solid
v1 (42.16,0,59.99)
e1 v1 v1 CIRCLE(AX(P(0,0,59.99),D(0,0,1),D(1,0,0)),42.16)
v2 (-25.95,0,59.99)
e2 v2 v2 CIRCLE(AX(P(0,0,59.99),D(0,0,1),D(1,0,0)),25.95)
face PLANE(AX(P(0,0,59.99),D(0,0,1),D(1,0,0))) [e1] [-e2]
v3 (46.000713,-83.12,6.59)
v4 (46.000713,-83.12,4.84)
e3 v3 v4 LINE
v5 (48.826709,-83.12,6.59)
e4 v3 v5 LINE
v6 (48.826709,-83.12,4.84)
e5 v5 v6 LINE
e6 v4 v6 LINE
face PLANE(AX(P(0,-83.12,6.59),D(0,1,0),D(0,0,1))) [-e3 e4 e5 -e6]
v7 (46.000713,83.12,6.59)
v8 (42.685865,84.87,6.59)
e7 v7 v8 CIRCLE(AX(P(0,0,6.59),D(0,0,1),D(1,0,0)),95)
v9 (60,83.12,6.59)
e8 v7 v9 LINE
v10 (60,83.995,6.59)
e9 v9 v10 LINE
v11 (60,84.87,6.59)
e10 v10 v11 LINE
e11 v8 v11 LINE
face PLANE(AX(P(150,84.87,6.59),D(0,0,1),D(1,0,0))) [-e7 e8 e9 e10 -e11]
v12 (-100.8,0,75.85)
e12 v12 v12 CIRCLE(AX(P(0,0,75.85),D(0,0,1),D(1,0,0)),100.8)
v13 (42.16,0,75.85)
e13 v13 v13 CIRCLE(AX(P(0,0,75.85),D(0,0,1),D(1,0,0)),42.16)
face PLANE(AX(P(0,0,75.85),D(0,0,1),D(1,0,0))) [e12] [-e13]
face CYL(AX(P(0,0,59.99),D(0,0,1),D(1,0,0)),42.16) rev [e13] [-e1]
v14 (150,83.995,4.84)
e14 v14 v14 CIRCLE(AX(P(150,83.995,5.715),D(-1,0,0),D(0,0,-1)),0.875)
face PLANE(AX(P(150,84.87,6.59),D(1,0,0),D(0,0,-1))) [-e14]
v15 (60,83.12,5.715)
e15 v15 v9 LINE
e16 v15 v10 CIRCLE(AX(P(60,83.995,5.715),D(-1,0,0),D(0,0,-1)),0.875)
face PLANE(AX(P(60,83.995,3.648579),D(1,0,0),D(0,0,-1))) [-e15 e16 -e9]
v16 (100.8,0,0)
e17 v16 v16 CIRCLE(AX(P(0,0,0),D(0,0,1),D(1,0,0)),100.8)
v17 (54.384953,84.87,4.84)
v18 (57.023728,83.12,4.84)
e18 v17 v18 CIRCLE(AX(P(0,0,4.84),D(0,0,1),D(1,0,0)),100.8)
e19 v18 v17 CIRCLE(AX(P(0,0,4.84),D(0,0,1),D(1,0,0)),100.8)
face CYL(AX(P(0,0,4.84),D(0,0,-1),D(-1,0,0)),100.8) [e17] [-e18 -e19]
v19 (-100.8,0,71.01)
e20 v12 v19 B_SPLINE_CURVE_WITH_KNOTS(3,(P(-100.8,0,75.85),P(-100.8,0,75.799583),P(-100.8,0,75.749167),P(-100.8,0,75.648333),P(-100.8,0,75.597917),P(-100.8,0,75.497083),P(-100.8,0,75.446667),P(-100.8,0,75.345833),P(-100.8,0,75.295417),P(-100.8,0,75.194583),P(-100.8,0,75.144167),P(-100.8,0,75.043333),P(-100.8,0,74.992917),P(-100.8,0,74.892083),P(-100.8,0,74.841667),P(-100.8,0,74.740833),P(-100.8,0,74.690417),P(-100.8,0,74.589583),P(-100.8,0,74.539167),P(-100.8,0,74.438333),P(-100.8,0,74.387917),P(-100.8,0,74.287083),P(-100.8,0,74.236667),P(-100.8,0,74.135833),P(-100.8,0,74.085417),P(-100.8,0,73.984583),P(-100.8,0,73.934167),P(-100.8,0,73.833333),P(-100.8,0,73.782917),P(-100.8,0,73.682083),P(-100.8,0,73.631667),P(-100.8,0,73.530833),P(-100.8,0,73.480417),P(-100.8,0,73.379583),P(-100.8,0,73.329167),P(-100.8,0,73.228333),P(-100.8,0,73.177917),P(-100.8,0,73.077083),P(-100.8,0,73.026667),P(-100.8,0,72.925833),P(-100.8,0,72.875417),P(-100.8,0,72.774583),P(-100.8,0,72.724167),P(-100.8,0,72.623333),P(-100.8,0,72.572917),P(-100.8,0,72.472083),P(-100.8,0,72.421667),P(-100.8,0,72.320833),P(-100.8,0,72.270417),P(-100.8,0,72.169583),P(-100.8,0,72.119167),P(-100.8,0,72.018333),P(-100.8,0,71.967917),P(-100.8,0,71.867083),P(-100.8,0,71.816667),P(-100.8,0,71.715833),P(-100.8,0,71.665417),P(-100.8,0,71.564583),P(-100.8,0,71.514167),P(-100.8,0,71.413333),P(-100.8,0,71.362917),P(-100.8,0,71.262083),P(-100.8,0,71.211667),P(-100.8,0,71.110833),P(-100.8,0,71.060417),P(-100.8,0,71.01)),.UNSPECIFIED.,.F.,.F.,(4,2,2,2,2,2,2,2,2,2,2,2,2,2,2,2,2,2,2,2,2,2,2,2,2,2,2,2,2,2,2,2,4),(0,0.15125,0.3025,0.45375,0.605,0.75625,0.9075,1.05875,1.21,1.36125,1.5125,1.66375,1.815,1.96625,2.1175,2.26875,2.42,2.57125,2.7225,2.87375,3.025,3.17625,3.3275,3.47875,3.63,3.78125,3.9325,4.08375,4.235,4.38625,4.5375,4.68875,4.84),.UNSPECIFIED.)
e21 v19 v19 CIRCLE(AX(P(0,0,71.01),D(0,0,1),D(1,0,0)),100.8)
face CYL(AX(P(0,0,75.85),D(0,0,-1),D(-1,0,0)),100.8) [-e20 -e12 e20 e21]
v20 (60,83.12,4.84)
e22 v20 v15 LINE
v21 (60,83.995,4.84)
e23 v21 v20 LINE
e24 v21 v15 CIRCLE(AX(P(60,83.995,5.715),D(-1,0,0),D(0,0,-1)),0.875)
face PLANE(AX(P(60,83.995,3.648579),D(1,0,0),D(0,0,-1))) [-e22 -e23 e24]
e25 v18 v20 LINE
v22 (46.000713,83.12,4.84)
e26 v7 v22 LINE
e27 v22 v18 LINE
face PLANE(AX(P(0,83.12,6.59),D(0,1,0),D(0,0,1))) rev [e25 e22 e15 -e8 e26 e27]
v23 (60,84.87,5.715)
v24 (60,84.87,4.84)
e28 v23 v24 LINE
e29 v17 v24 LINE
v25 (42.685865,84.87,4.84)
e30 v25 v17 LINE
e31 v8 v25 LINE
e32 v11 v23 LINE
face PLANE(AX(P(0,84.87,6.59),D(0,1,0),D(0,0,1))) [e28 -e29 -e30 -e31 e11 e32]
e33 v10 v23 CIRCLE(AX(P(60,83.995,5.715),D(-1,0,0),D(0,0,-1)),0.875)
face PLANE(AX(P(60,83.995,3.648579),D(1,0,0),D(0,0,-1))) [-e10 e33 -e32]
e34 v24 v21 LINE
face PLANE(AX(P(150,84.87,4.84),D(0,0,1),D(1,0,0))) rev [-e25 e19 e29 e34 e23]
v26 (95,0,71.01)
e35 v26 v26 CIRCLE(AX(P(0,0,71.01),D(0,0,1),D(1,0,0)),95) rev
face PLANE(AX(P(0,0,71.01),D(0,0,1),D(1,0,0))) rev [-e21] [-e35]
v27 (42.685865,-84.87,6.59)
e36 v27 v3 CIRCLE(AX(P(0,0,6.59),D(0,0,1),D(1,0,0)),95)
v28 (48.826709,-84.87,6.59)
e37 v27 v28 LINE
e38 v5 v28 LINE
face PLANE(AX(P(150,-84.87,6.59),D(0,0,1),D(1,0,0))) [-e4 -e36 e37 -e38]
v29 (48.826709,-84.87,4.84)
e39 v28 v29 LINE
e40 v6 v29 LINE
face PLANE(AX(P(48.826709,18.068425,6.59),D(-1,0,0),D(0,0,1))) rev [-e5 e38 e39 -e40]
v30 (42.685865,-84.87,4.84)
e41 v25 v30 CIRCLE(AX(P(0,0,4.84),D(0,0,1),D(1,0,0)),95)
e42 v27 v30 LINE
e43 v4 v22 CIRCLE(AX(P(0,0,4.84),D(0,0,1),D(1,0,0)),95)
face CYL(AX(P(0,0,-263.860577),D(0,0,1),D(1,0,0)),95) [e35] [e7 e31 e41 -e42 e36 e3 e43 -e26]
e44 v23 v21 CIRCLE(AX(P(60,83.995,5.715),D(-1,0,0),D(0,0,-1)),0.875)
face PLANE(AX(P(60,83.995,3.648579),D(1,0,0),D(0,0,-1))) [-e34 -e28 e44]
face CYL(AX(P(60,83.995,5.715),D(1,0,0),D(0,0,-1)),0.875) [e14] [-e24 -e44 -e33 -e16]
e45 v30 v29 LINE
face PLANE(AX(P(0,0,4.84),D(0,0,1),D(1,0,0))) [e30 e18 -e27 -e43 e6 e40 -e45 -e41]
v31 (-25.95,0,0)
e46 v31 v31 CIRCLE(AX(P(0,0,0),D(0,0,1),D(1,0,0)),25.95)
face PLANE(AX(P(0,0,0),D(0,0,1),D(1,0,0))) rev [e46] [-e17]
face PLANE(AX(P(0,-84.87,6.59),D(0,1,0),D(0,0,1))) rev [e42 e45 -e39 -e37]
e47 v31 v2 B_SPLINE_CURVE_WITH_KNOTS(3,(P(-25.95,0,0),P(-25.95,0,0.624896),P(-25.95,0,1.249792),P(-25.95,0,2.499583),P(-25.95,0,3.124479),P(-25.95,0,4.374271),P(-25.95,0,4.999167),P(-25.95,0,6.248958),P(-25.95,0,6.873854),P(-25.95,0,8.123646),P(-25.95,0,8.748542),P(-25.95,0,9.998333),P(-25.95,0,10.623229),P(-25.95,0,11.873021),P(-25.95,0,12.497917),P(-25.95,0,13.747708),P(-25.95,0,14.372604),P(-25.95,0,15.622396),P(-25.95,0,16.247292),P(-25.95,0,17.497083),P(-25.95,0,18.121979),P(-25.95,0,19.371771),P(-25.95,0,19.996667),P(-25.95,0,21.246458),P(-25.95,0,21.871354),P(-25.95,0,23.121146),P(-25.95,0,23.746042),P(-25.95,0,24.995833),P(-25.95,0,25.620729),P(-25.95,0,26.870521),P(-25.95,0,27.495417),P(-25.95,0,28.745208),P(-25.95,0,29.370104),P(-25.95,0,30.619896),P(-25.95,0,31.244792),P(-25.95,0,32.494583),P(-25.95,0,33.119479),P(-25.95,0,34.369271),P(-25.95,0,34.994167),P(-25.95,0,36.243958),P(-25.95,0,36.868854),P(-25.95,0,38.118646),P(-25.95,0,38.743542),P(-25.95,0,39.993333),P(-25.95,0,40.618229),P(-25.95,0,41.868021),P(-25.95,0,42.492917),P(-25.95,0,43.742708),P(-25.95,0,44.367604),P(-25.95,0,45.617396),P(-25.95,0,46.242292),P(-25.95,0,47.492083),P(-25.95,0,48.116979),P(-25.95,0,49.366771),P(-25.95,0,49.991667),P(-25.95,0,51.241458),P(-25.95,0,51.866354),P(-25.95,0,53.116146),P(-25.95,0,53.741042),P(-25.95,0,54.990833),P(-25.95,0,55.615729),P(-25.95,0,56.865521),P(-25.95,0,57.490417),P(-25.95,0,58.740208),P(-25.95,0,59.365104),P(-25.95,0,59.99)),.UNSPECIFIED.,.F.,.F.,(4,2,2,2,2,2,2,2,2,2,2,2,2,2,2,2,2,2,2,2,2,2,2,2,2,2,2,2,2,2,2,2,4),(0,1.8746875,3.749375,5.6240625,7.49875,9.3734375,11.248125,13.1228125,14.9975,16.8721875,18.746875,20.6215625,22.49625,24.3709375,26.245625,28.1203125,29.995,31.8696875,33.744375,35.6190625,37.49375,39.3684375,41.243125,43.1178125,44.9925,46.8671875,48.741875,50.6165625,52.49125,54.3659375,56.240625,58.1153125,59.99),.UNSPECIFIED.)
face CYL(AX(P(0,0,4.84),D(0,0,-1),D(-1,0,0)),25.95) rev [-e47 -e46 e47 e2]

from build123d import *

# Parameters (mm, degrees)
SKETCH1_R           = 100.8
SKETCH1_R_2         = 25.95
BOSS_EXTRUDE1_DEPTH = 4.84
SKETCH2_R           = 45.11
SKETCH2_R_2         = 25.95
BOSS_EXTRUDE2_DEPTH = 66.17
SKETCH3_R           = 100.8
SKETCH3_R_2         = 25.95
BOSS_EXTRUDE3_DEPTH = 4.84
SKETCH4_R           = 42.16
CUT_EXTRUDE1_DEPTH  = 15.86
BOSS_EXTRUDE4_START = 66.17
SKETCH5_R           = 95
SKETCH5_R_2         = 45.11
BOSS_EXTRUDE4_DEPTH = 66.17
SKETCH6_W           = 150
SKETCH6_H           = 1.75
BOSS_EXTRUDE5_DEPTH = 1.75
CUT_EXTRUDE5_DEPTH  = 90
SKETCH11_W          = 101.173290866
SKETCH11_H          = 1.75
CUT_EXTRUDE6_DEPTH  = 1.75


with BuildPart() as part:
    # Sketch1 → Boss-Extrude1 (new body)
    with BuildSketch(Plane.XY):
        with Locations(Location((0, 0, 0), (0, 0, 180))):
            Circle(SKETCH1_R)
        with Locations(Location((0, 0, 0), (0, 0, 180))):
            Circle(SKETCH1_R_2, mode=Mode.SUBTRACT)
    extrude(amount=BOSS_EXTRUDE1_DEPTH)

    # Sketch2 → Boss-Extrude2 (add)
    with BuildSketch(Plane.XY.offset(4.84)):
        Circle(SKETCH2_R)
        with Locations(Location((0, 0, 0), (0, 0, 180))):
            Circle(SKETCH2_R_2, mode=Mode.SUBTRACT)
    extrude(amount=BOSS_EXTRUDE2_DEPTH)

    # Sketch3 → Boss-Extrude3 (add)
    with BuildSketch(Plane.XY.offset(71.01)):
        with Locations(Location((0, 0, 0), (0, 0, 180))):
            Circle(SKETCH3_R)
        with Locations(Location((0, 0, 0), (0, 0, 180))):
            Circle(SKETCH3_R_2, mode=Mode.SUBTRACT)
    extrude(amount=BOSS_EXTRUDE3_DEPTH)

    # Sketch4 → Cut-Extrude1 (cut)
    with BuildSketch(Plane.XY.offset(75.85)):
        Circle(SKETCH4_R)
    extrude(amount=-CUT_EXTRUDE1_DEPTH, mode=Mode.SUBTRACT)

    # Sketch5 → Boss-Extrude4 (add)
    with BuildSketch(Plane(origin=(0, 0, 71.01), x_dir=(-1, 0, 0), z_dir=(0, 0, -1)).offset(BOSS_EXTRUDE4_START)):
        with Locations(Location((0, 0, 0), (0, 0, 180))):
            Circle(SKETCH5_R)
        Circle(SKETCH5_R_2, mode=Mode.SUBTRACT)
    boss_extrude4 = extrude(amount=-BOSS_EXTRUDE4_DEPTH)

    # Sketch6 → Boss-Extrude5 (add)
    with BuildSketch(Plane.XY.offset(4.84)):
        with Locations((75, -83.995)):
            Rectangle(SKETCH6_W, SKETCH6_H)
    boss_extrude5 = extrude(amount=BOSS_EXTRUDE5_DEPTH)

    # Sketch7 → Cut-Extrude5 (cut)
    with BuildSketch(Plane(origin=(150, 0, 0), x_dir=(0, 0, -1), z_dir=(1, 0, 0))):
        with BuildLine():
            Line((-6.333718434, -83.376281566), (-6.59, -83.12))
            Line((-6.59, -83.12), (-6.59, -83.995))
            ThreePointArc((-6.59, -83.995), (-6.523394591, -83.660151997), (-6.333718434, -83.376281566))
        make_face()
        with BuildLine():
            Line((-5.715, -83.12), (-6.59, -83.12))
            Line((-6.59, -83.12), (-6.333718434, -83.376281566))
            ThreePointArc((-6.333718434, -83.376281566), (-6.049848003, -83.186605409), (-5.715, -83.12))
        make_face()
        with BuildLine():
            Line((-4.84, -83.12), (-5.715, -83.12))
            ThreePointArc((-5.715, -83.12), (-5.096281566, -83.376281566), (-4.84, -83.995))
            Line((-4.84, -83.995), (-4.84, -83.12))
        make_face()
        with BuildLine():
            ThreePointArc((-4.84, -83.995), (-4.906605409, -84.329848003), (-5.096281566, -84.613718434))
            Line((-5.096281566, -84.613718434), (-4.84, -84.87))
            Line((-4.84, -84.87), (-4.84, -83.995))
        make_face()
        with BuildLine():
            Line((-4.84, -84.87), (-5.096281566, -84.613718434))
            ThreePointArc((-5.096281566, -84.613718434), (-5.380151997, -84.803394591), (-5.715, -84.87))
            Line((-5.715, -84.87), (-4.84, -84.87))
        make_face()
        with BuildLine():
            ThreePointArc((-5.715, -84.87), (-6.333718434, -84.613718434), (-6.59, -83.995))
            Line((-6.59, -83.995), (-6.59, -84.87))
            Line((-6.59, -84.87), (-5.715, -84.87))
        make_face()
    cut_extrude5 = extrude(amount=-CUT_EXTRUDE5_DEPTH, mode=Mode.SUBTRACT)

    # Mirror5: Boss-Extrude4, Boss-Extrude5, Cut-Extrude5 across plane
    add(boss_extrude4.mirror(Plane.ZX))
    add(boss_extrude5.mirror(Plane.ZX))
    add(cut_extrude5.mirror(Plane.ZX), mode=Mode.SUBTRACT)

    # Sketch11 → Cut-Extrude6 (cut)
    with BuildSketch(Plane.XZ.offset(84.87)):
        with Locations((99.413354567, 5.715)):
            Rectangle(SKETCH11_W, SKETCH11_H)
    extrude(amount=-CUT_EXTRUDE6_DEPTH, mode=Mode.SUBTRACT)


solid = part.part
